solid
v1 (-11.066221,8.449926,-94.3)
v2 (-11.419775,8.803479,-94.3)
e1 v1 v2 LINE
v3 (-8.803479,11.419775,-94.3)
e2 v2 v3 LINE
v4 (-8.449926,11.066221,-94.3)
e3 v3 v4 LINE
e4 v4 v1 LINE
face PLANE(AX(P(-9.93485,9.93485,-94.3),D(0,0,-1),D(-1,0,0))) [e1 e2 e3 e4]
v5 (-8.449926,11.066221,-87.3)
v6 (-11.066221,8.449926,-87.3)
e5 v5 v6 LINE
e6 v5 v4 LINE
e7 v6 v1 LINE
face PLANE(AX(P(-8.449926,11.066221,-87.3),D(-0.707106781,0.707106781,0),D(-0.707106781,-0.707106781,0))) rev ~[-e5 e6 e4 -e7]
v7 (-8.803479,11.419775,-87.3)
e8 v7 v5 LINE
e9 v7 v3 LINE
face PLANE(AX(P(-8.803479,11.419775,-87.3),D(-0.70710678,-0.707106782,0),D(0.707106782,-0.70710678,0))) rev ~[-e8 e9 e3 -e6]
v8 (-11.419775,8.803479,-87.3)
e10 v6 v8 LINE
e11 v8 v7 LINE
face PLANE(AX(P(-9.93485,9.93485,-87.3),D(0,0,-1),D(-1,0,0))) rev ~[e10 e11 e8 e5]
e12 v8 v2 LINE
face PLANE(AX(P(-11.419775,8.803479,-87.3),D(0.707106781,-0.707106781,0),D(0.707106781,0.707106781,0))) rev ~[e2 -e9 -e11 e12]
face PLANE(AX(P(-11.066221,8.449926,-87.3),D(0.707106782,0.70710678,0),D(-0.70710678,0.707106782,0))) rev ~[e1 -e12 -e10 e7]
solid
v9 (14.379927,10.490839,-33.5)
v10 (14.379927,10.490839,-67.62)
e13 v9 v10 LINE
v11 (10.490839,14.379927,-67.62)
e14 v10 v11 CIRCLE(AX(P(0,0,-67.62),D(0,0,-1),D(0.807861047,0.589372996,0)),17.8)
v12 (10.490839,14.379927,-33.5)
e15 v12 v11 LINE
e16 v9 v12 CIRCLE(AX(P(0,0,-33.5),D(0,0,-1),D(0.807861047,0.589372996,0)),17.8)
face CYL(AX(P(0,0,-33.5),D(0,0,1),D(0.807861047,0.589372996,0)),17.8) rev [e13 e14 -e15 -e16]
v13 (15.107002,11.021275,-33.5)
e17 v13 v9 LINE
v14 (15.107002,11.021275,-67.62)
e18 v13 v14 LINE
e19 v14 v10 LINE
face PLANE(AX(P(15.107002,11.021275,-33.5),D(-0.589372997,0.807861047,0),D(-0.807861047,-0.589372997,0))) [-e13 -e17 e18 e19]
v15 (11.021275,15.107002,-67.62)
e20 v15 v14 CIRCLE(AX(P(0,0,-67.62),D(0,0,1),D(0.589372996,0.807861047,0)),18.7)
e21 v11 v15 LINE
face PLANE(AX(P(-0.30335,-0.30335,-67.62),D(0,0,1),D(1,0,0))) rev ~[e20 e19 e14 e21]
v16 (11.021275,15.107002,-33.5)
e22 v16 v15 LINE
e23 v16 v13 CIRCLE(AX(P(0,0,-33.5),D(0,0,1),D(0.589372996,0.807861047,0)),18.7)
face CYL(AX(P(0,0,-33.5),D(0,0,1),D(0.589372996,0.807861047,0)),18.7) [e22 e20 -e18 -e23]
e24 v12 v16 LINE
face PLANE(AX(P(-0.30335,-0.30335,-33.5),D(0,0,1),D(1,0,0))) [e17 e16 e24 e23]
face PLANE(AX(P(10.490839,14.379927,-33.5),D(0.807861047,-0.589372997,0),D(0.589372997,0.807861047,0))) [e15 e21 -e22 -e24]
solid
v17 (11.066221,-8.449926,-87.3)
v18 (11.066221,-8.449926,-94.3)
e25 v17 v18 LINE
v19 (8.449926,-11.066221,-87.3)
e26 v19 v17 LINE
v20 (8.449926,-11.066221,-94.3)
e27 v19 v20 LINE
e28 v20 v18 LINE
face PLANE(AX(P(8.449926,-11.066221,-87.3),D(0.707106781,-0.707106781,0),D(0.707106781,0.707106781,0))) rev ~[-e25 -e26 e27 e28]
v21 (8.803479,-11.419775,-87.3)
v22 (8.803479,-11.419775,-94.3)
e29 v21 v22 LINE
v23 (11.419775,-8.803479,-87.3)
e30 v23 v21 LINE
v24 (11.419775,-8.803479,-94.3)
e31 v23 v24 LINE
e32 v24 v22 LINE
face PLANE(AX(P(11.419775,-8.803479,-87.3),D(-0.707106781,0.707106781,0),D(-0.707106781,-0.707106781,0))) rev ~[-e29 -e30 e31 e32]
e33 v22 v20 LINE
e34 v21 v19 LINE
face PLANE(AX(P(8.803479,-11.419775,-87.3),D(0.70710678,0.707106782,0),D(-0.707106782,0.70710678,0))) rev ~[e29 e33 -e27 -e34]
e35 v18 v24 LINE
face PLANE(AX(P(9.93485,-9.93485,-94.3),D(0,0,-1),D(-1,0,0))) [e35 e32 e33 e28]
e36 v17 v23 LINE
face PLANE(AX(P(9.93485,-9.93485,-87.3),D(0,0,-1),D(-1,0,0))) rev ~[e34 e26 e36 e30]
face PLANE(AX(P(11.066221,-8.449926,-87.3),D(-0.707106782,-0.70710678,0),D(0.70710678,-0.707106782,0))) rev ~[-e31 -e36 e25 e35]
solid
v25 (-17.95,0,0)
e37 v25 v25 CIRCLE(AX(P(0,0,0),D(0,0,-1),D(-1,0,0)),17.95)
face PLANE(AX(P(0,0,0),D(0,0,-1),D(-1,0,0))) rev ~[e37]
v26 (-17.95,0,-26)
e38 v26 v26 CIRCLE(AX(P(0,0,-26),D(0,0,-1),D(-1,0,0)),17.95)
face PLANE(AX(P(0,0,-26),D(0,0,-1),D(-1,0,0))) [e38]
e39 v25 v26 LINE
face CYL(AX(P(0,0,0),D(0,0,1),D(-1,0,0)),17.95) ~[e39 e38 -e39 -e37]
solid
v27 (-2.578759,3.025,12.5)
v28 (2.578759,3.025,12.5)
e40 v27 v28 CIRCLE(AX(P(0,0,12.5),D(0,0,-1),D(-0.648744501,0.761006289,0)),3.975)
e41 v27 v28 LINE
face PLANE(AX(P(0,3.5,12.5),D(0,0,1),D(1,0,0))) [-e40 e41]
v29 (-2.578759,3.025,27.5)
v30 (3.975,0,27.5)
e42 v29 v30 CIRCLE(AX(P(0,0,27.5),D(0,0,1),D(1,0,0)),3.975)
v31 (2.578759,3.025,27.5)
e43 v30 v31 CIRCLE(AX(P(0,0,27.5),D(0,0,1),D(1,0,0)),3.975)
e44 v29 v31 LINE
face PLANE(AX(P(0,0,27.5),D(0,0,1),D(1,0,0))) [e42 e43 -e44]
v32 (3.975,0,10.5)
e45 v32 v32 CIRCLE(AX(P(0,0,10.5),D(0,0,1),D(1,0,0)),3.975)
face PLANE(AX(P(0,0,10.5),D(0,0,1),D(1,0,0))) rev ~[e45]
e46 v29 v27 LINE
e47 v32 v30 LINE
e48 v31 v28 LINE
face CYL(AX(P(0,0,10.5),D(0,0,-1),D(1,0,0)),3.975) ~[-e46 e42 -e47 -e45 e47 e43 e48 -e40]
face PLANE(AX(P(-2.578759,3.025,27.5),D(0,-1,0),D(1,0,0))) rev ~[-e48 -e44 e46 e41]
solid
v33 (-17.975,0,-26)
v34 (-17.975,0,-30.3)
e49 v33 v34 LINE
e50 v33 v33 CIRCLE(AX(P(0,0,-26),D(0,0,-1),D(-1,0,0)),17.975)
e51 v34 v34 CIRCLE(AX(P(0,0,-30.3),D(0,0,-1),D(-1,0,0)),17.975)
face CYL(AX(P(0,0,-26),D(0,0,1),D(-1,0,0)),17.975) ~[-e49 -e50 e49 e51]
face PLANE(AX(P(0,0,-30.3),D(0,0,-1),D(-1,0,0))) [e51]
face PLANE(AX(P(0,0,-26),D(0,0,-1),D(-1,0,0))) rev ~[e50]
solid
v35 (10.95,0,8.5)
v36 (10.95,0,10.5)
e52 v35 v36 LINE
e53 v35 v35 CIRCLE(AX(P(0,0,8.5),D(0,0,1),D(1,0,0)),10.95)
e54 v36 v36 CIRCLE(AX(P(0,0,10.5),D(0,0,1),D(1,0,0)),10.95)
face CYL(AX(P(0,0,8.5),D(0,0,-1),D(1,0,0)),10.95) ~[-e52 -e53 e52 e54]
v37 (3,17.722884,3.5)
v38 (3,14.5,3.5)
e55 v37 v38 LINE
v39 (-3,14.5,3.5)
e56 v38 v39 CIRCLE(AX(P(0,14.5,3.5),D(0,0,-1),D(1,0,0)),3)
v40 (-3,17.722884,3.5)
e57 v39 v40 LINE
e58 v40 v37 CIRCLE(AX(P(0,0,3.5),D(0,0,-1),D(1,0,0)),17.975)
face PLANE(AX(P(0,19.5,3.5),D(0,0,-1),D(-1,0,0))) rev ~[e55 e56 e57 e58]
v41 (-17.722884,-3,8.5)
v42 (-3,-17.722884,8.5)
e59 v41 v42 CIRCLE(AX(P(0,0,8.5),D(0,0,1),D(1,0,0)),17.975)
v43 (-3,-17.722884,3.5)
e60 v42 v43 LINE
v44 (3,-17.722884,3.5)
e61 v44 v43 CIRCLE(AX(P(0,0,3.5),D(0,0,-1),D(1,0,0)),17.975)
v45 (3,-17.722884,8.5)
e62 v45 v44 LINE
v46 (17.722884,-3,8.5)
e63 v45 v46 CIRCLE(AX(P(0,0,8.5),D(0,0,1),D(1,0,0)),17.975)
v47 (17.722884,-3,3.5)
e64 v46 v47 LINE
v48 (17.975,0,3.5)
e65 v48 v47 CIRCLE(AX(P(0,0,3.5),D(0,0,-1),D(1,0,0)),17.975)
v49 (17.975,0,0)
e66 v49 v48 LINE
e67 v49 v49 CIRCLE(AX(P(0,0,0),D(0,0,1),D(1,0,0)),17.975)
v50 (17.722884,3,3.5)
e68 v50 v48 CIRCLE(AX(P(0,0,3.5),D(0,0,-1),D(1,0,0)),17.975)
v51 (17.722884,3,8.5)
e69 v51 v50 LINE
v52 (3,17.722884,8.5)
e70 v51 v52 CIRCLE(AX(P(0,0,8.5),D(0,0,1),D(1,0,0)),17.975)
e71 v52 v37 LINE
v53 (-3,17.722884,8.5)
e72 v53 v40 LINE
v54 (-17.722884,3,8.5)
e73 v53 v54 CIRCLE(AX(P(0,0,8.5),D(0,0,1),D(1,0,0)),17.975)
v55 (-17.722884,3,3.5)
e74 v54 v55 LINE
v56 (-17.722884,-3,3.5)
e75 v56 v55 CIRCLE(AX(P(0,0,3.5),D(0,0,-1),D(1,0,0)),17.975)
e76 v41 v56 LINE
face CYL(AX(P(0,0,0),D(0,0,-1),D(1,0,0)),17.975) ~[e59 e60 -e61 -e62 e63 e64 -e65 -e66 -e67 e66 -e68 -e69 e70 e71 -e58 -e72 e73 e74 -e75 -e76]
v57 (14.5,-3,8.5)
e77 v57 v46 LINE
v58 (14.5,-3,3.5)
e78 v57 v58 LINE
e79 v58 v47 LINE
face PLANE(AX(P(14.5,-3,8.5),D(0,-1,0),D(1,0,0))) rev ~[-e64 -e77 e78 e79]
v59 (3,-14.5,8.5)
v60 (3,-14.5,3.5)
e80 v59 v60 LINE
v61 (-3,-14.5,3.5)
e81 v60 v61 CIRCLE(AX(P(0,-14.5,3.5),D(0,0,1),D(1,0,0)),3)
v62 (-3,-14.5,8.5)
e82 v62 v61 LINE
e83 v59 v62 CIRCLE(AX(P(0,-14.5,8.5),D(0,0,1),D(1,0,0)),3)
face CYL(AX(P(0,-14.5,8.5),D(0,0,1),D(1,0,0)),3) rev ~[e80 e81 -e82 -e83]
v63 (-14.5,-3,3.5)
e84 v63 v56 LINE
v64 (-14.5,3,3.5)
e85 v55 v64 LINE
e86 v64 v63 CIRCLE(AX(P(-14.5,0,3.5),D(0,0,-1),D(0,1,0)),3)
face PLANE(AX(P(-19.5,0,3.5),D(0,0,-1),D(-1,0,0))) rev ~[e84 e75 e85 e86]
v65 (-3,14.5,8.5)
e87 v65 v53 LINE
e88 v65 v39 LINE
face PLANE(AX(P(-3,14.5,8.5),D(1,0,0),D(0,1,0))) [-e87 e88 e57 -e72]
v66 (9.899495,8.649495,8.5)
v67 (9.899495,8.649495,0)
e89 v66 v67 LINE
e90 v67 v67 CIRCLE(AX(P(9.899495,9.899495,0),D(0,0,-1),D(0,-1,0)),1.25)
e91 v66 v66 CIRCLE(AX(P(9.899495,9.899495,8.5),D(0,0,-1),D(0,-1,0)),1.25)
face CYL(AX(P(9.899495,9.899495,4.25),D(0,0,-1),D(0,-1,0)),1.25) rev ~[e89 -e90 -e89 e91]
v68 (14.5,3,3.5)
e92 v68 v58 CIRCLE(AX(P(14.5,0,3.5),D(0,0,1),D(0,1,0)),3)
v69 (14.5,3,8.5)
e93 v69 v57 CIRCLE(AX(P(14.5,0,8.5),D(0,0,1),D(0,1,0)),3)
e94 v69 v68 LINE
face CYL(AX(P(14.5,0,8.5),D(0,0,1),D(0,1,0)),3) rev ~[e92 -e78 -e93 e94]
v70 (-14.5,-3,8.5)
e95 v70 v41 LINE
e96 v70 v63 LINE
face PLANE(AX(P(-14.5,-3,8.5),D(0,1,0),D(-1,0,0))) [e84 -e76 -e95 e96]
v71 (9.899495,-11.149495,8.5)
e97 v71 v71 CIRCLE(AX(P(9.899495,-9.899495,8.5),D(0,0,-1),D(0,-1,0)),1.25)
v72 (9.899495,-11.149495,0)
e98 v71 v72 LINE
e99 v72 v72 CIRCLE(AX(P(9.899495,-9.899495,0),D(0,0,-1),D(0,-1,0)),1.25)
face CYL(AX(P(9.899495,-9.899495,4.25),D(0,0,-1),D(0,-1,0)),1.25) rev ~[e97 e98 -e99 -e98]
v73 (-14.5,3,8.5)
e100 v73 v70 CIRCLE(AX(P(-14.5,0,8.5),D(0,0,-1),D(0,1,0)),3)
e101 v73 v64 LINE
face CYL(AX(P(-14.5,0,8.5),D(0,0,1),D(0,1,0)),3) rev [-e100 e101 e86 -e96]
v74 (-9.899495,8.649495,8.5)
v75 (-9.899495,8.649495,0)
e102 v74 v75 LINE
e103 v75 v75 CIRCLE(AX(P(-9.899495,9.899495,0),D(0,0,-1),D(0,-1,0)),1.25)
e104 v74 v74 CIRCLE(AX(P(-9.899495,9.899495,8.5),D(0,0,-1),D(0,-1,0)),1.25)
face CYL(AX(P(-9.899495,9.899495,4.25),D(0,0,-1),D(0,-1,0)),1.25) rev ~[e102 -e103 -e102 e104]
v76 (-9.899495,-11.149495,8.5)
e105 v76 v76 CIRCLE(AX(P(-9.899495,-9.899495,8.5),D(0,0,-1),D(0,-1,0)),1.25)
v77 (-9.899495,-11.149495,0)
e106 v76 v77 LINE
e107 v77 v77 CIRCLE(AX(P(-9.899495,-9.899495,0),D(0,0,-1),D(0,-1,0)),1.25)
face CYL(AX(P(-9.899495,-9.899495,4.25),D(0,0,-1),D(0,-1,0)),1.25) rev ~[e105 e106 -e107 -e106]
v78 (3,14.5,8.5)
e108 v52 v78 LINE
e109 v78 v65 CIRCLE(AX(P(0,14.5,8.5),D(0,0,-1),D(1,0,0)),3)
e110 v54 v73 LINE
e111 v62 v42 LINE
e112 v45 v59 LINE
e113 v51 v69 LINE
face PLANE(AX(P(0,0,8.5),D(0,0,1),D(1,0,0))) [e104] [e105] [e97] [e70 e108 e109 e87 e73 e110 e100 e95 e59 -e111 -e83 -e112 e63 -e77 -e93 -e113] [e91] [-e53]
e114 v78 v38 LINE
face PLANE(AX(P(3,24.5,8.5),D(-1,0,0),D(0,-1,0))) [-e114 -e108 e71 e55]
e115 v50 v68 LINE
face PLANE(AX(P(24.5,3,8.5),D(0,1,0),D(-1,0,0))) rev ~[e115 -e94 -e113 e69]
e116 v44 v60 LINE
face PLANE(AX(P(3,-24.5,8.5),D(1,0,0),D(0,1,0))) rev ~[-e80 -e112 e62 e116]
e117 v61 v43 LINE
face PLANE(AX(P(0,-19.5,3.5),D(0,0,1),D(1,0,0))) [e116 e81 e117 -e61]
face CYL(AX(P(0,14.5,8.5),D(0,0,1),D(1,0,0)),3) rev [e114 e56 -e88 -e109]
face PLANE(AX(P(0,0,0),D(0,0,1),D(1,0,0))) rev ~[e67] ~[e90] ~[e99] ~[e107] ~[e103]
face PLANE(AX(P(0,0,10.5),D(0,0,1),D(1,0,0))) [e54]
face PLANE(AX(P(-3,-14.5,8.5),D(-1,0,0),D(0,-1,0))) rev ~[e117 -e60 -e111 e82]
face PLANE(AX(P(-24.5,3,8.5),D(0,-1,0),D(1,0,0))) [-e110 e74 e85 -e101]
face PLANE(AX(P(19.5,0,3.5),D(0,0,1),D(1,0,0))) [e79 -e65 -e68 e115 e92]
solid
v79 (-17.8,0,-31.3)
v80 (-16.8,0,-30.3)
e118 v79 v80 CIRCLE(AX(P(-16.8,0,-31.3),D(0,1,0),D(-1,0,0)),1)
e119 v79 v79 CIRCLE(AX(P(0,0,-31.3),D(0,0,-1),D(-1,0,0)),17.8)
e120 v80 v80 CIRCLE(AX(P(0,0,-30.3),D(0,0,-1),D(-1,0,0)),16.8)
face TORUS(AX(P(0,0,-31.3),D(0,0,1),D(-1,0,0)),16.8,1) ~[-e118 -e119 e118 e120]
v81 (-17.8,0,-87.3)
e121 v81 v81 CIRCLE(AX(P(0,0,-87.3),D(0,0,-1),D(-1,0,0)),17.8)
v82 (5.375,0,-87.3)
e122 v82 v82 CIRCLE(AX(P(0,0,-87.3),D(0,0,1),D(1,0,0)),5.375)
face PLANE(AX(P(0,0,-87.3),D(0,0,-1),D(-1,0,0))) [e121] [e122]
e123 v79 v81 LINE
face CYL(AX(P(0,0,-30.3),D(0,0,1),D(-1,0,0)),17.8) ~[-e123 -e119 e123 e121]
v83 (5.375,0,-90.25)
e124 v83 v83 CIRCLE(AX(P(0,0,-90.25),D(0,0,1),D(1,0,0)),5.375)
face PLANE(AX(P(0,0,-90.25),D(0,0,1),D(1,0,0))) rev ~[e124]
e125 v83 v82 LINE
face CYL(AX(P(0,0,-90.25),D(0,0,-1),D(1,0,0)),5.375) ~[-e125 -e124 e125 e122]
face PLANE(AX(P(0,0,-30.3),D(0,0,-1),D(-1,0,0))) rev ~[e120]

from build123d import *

# Parameters (mm, degrees)
SKETCH1_R                      = 17.975
BOSS_EXTRUDE1_DEPTH            = 8.5
CUT_EXTRUDE1_DEPTH             = 5
SKETCH3_R                      = 10.95
BOSS_EXTRUDE2_DEPTH            = 2
SKETCH4_R                      = 3.975
BOSS_EXTRUDE3_DEPTH            = 17
SKETCH5_W                      = 5.157518784
SKETCH5_H                      = 0.95
CUT_EXTRUDE2_DEPTH             = 15
SKETCH7_W                      = 1.25
SKETCH7_H                      = 8.5
M3X0_5_TAPPED_HOLE1_AT_2_COUNT = 2
M3X0_5_TAPPED_HOLE1_AT_2_PITCH = 19.798989873
M3X0_5_TAPPED_HOLE1_AT_3_COUNT = 2
M3X0_5_TAPPED_HOLE1_AT_3_PITCH = 28
M3X0_5_TAPPED_HOLE1_AT_4_COUNT = 2
M3X0_5_TAPPED_HOLE1_AT_4_PITCH = 19.798989873
SKETCH8_R                      = 17.95
BOSS_EXTRUDE4_DEPTH            = 26
SKETCH9_R                      = 17.975
BOSS_EXTRUDE5_DEPTH            = 4.3
SKETCH10_R                     = 17.8
BOSS_EXTRUDE6_DEPTH            = 57
FILLET1_R                      = 1
SKETCH11_R                     = 5.375
BOSS_EXTRUDE7_DEPTH            = 2.95
BOSS_EXTRUDE8_DEPTH            = 7
BOSS_EXTRUDE8_2_DEPTH          = 7
BOSS_EXTRUDE9_DEPTH            = 34.12


with BuildPart() as part:
    # Sketch1 → Boss-Extrude1 (new body)
    with BuildSketch(Plane.XY):
        Circle(SKETCH1_R)
    extrude(amount=BOSS_EXTRUDE1_DEPTH)

    # Sketch2 → Cut-Extrude1 (cut)
    with BuildSketch(Plane.XY.offset(8.5)):
        with BuildLine():
            Line((-14.5, -3), (-24.5, -3))
            ThreePointArc((-24.5, -3), (-27.5, 0), (-24.5, 3))
            Line((-24.5, 3), (-14.5, 3))
            ThreePointArc((-14.5, 3), (-11.5, 0), (-14.5, -3))
        make_face()
        with BuildLine():
            Line((14.5, -3), (24.5, -3))
            ThreePointArc((24.5, -3), (27.5, 0), (24.5, 3))
            Line((24.5, 3), (14.5, 3))
            ThreePointArc((14.5, 3), (11.5, 0), (14.5, -3))
        make_face()
        with BuildLine():
            Line((-3, 14.5), (-3, 24.5))
            ThreePointArc((-3, 24.5), (0, 27.5), (3, 24.5))
            Line((3, 24.5), (3, 14.5))
            ThreePointArc((3, 14.5), (0, 11.5), (-3, 14.5))
        make_face()
        with BuildLine():
            Line((-3, -14.5), (-3, -24.5))
            ThreePointArc((-3, -24.5), (0, -27.5), (3, -24.5))
            Line((3, -24.5), (3, -14.5))
            ThreePointArc((3, -14.5), (0, -11.5), (-3, -14.5))
        make_face()
    extrude(amount=-CUT_EXTRUDE1_DEPTH, mode=Mode.SUBTRACT)

    # Sketch3 → Boss-Extrude2 (add)
    with BuildSketch(Plane.XY.offset(8.5)):
        Circle(SKETCH3_R)
    extrude(amount=BOSS_EXTRUDE2_DEPTH)

    # Sketch7 → M3x0.5 Tapped Hole1 (revolve, cut)
    with BuildSketch(Plane(origin=(-9.899494937, 9.899494937, 8.5), x_dir=(0, -1, 0), z_dir=(1, 0, 0))):
        with Locations((0.625, 4.25)):
            Rectangle(SKETCH7_W, SKETCH7_H)
    m3x0_5_tapped_hole1 = revolve(axis=Axis((-9.899494937, 9.899494937, 14.85), (0, 0, -1)), mode=Mode.SUBTRACT)

    # M3x0.5 Tapped Hole1 at 2: M3x0.5 Tapped Hole1 ×2
    with Locations(*[(0, -i * M3X0_5_TAPPED_HOLE1_AT_2_PITCH, 0) for i in range(1, M3X0_5_TAPPED_HOLE1_AT_2_COUNT)]):
        add(m3x0_5_tapped_hole1, mode=Mode.SUBTRACT)

    # M3x0.5 Tapped Hole1 at 3: M3x0.5 Tapped Hole1 ×2
    with Locations(*[Vector(0.707106781, -0.707106781, 0) * (i * M3X0_5_TAPPED_HOLE1_AT_3_PITCH) for i in range(1, M3X0_5_TAPPED_HOLE1_AT_3_COUNT)]):
        add(m3x0_5_tapped_hole1, mode=Mode.SUBTRACT)

    # M3x0.5 Tapped Hole1 at 4: M3x0.5 Tapped Hole1 ×2
    with Locations(*[(i * M3X0_5_TAPPED_HOLE1_AT_4_PITCH, 0, 0) for i in range(1, M3X0_5_TAPPED_HOLE1_AT_4_COUNT)]):
        add(m3x0_5_tapped_hole1, mode=Mode.SUBTRACT)


with BuildPart() as body_2:
    # Sketch4 → Boss-Extrude3 (new body)
    with BuildSketch(Plane.XY.offset(10.5)):
        Circle(SKETCH4_R)
    extrude(amount=BOSS_EXTRUDE3_DEPTH)

    # Sketch5 → Cut-Extrude2 (cut)
    with BuildSketch(Plane.XY.offset(27.5)):
        with Locations((0, 3.5)):
            Rectangle(SKETCH5_W, SKETCH5_H)
    extrude(amount=-CUT_EXTRUDE2_DEPTH, mode=Mode.SUBTRACT)


with BuildPart() as body_3:
    # Sketch8 → Boss-Extrude4 (new body)
    with BuildSketch(Plane(origin=(0, 0, 0), x_dir=(-1, 0, 0), z_dir=(0, 0, -1))):
        Circle(SKETCH8_R)
    extrude(amount=BOSS_EXTRUDE4_DEPTH)


with BuildPart() as body_4:
    # Sketch9 → Boss-Extrude5 (new body)
    with BuildSketch(Plane(origin=(0, 0, -26), x_dir=(-1, 0, 0), z_dir=(0, 0, -1))):
        Circle(SKETCH9_R)
    extrude(amount=BOSS_EXTRUDE5_DEPTH)


with BuildPart() as body_5:
    # Sketch10 → Boss-Extrude6 (new body)
    with BuildSketch(Plane(origin=(0, 0, -30.3), x_dir=(-1, 0, 0), z_dir=(0, 0, -1))):
        Circle(SKETCH10_R)
    extrude(amount=BOSS_EXTRUDE6_DEPTH)

    # Fillet1
    fillet1_edges = [body_5.edges().sort_by_distance(p)[0] for p in [
        (17.8, 0, -30.3),
    ]]
    fillet(fillet1_edges, radius=FILLET1_R)

    # Sketch11 → Boss-Extrude7 (add)
    with BuildSketch(Plane.XY.offset(-90.25)):
        Circle(SKETCH11_R)
    extrude(amount=BOSS_EXTRUDE7_DEPTH)


with BuildPart() as body_6:
    # Sketch12 → Boss-Extrude8 (new body)
    with BuildSketch(Plane(origin=(0, 0, -87.3), x_dir=(-1, 0, 0), z_dir=(0, 0, -1))):
        Polygon((8.449926035, 11.066221126), (11.066221126, 8.449926035), (11.419774516, 8.803479426), (8.803479426, 11.419774516), align=None)
    extrude(amount=BOSS_EXTRUDE8_DEPTH)


with BuildPart() as body_7:
    # Sketch12 → Boss-Extrude8 2 (new body)
    with BuildSketch(Plane(origin=(0, 0, -87.3), x_dir=(-1, 0, 0), z_dir=(0, 0, -1))):
        Polygon((-11.419774516, -8.803479426), (-8.803479426, -11.419774516), (-8.449926035, -11.066221126), (-11.066221126, -8.449926035), align=None)
    extrude(amount=BOSS_EXTRUDE8_2_DEPTH)


with BuildPart() as body_8:
    # Sketch13 → Boss-Extrude9 (new body)
    with BuildSketch(Plane.XY.offset(-33.5)):
        with BuildLine():
            Line((10.490839337, 14.379926634), (11.021275034, 15.107001576))
            ThreePointArc((11.021275034, 15.107001576), (-13.222896808, -13.222896808), (15.107001576, 11.021275034))
            Line((15.107001576, 11.021275034), (14.379926634, 10.490839337))
            ThreePointArc((14.379926634, 10.490839337), (-12.586500705, -12.586500705), (10.490839337, 14.379926634))
        make_face()
    extrude(amount=-BOSS_EXTRUDE9_DEPTH)


solid = Compound([part.part, body_2.part, body_3.part, body_4.part, body_5.part, body_6.part, body_7.part, body_8.part])
